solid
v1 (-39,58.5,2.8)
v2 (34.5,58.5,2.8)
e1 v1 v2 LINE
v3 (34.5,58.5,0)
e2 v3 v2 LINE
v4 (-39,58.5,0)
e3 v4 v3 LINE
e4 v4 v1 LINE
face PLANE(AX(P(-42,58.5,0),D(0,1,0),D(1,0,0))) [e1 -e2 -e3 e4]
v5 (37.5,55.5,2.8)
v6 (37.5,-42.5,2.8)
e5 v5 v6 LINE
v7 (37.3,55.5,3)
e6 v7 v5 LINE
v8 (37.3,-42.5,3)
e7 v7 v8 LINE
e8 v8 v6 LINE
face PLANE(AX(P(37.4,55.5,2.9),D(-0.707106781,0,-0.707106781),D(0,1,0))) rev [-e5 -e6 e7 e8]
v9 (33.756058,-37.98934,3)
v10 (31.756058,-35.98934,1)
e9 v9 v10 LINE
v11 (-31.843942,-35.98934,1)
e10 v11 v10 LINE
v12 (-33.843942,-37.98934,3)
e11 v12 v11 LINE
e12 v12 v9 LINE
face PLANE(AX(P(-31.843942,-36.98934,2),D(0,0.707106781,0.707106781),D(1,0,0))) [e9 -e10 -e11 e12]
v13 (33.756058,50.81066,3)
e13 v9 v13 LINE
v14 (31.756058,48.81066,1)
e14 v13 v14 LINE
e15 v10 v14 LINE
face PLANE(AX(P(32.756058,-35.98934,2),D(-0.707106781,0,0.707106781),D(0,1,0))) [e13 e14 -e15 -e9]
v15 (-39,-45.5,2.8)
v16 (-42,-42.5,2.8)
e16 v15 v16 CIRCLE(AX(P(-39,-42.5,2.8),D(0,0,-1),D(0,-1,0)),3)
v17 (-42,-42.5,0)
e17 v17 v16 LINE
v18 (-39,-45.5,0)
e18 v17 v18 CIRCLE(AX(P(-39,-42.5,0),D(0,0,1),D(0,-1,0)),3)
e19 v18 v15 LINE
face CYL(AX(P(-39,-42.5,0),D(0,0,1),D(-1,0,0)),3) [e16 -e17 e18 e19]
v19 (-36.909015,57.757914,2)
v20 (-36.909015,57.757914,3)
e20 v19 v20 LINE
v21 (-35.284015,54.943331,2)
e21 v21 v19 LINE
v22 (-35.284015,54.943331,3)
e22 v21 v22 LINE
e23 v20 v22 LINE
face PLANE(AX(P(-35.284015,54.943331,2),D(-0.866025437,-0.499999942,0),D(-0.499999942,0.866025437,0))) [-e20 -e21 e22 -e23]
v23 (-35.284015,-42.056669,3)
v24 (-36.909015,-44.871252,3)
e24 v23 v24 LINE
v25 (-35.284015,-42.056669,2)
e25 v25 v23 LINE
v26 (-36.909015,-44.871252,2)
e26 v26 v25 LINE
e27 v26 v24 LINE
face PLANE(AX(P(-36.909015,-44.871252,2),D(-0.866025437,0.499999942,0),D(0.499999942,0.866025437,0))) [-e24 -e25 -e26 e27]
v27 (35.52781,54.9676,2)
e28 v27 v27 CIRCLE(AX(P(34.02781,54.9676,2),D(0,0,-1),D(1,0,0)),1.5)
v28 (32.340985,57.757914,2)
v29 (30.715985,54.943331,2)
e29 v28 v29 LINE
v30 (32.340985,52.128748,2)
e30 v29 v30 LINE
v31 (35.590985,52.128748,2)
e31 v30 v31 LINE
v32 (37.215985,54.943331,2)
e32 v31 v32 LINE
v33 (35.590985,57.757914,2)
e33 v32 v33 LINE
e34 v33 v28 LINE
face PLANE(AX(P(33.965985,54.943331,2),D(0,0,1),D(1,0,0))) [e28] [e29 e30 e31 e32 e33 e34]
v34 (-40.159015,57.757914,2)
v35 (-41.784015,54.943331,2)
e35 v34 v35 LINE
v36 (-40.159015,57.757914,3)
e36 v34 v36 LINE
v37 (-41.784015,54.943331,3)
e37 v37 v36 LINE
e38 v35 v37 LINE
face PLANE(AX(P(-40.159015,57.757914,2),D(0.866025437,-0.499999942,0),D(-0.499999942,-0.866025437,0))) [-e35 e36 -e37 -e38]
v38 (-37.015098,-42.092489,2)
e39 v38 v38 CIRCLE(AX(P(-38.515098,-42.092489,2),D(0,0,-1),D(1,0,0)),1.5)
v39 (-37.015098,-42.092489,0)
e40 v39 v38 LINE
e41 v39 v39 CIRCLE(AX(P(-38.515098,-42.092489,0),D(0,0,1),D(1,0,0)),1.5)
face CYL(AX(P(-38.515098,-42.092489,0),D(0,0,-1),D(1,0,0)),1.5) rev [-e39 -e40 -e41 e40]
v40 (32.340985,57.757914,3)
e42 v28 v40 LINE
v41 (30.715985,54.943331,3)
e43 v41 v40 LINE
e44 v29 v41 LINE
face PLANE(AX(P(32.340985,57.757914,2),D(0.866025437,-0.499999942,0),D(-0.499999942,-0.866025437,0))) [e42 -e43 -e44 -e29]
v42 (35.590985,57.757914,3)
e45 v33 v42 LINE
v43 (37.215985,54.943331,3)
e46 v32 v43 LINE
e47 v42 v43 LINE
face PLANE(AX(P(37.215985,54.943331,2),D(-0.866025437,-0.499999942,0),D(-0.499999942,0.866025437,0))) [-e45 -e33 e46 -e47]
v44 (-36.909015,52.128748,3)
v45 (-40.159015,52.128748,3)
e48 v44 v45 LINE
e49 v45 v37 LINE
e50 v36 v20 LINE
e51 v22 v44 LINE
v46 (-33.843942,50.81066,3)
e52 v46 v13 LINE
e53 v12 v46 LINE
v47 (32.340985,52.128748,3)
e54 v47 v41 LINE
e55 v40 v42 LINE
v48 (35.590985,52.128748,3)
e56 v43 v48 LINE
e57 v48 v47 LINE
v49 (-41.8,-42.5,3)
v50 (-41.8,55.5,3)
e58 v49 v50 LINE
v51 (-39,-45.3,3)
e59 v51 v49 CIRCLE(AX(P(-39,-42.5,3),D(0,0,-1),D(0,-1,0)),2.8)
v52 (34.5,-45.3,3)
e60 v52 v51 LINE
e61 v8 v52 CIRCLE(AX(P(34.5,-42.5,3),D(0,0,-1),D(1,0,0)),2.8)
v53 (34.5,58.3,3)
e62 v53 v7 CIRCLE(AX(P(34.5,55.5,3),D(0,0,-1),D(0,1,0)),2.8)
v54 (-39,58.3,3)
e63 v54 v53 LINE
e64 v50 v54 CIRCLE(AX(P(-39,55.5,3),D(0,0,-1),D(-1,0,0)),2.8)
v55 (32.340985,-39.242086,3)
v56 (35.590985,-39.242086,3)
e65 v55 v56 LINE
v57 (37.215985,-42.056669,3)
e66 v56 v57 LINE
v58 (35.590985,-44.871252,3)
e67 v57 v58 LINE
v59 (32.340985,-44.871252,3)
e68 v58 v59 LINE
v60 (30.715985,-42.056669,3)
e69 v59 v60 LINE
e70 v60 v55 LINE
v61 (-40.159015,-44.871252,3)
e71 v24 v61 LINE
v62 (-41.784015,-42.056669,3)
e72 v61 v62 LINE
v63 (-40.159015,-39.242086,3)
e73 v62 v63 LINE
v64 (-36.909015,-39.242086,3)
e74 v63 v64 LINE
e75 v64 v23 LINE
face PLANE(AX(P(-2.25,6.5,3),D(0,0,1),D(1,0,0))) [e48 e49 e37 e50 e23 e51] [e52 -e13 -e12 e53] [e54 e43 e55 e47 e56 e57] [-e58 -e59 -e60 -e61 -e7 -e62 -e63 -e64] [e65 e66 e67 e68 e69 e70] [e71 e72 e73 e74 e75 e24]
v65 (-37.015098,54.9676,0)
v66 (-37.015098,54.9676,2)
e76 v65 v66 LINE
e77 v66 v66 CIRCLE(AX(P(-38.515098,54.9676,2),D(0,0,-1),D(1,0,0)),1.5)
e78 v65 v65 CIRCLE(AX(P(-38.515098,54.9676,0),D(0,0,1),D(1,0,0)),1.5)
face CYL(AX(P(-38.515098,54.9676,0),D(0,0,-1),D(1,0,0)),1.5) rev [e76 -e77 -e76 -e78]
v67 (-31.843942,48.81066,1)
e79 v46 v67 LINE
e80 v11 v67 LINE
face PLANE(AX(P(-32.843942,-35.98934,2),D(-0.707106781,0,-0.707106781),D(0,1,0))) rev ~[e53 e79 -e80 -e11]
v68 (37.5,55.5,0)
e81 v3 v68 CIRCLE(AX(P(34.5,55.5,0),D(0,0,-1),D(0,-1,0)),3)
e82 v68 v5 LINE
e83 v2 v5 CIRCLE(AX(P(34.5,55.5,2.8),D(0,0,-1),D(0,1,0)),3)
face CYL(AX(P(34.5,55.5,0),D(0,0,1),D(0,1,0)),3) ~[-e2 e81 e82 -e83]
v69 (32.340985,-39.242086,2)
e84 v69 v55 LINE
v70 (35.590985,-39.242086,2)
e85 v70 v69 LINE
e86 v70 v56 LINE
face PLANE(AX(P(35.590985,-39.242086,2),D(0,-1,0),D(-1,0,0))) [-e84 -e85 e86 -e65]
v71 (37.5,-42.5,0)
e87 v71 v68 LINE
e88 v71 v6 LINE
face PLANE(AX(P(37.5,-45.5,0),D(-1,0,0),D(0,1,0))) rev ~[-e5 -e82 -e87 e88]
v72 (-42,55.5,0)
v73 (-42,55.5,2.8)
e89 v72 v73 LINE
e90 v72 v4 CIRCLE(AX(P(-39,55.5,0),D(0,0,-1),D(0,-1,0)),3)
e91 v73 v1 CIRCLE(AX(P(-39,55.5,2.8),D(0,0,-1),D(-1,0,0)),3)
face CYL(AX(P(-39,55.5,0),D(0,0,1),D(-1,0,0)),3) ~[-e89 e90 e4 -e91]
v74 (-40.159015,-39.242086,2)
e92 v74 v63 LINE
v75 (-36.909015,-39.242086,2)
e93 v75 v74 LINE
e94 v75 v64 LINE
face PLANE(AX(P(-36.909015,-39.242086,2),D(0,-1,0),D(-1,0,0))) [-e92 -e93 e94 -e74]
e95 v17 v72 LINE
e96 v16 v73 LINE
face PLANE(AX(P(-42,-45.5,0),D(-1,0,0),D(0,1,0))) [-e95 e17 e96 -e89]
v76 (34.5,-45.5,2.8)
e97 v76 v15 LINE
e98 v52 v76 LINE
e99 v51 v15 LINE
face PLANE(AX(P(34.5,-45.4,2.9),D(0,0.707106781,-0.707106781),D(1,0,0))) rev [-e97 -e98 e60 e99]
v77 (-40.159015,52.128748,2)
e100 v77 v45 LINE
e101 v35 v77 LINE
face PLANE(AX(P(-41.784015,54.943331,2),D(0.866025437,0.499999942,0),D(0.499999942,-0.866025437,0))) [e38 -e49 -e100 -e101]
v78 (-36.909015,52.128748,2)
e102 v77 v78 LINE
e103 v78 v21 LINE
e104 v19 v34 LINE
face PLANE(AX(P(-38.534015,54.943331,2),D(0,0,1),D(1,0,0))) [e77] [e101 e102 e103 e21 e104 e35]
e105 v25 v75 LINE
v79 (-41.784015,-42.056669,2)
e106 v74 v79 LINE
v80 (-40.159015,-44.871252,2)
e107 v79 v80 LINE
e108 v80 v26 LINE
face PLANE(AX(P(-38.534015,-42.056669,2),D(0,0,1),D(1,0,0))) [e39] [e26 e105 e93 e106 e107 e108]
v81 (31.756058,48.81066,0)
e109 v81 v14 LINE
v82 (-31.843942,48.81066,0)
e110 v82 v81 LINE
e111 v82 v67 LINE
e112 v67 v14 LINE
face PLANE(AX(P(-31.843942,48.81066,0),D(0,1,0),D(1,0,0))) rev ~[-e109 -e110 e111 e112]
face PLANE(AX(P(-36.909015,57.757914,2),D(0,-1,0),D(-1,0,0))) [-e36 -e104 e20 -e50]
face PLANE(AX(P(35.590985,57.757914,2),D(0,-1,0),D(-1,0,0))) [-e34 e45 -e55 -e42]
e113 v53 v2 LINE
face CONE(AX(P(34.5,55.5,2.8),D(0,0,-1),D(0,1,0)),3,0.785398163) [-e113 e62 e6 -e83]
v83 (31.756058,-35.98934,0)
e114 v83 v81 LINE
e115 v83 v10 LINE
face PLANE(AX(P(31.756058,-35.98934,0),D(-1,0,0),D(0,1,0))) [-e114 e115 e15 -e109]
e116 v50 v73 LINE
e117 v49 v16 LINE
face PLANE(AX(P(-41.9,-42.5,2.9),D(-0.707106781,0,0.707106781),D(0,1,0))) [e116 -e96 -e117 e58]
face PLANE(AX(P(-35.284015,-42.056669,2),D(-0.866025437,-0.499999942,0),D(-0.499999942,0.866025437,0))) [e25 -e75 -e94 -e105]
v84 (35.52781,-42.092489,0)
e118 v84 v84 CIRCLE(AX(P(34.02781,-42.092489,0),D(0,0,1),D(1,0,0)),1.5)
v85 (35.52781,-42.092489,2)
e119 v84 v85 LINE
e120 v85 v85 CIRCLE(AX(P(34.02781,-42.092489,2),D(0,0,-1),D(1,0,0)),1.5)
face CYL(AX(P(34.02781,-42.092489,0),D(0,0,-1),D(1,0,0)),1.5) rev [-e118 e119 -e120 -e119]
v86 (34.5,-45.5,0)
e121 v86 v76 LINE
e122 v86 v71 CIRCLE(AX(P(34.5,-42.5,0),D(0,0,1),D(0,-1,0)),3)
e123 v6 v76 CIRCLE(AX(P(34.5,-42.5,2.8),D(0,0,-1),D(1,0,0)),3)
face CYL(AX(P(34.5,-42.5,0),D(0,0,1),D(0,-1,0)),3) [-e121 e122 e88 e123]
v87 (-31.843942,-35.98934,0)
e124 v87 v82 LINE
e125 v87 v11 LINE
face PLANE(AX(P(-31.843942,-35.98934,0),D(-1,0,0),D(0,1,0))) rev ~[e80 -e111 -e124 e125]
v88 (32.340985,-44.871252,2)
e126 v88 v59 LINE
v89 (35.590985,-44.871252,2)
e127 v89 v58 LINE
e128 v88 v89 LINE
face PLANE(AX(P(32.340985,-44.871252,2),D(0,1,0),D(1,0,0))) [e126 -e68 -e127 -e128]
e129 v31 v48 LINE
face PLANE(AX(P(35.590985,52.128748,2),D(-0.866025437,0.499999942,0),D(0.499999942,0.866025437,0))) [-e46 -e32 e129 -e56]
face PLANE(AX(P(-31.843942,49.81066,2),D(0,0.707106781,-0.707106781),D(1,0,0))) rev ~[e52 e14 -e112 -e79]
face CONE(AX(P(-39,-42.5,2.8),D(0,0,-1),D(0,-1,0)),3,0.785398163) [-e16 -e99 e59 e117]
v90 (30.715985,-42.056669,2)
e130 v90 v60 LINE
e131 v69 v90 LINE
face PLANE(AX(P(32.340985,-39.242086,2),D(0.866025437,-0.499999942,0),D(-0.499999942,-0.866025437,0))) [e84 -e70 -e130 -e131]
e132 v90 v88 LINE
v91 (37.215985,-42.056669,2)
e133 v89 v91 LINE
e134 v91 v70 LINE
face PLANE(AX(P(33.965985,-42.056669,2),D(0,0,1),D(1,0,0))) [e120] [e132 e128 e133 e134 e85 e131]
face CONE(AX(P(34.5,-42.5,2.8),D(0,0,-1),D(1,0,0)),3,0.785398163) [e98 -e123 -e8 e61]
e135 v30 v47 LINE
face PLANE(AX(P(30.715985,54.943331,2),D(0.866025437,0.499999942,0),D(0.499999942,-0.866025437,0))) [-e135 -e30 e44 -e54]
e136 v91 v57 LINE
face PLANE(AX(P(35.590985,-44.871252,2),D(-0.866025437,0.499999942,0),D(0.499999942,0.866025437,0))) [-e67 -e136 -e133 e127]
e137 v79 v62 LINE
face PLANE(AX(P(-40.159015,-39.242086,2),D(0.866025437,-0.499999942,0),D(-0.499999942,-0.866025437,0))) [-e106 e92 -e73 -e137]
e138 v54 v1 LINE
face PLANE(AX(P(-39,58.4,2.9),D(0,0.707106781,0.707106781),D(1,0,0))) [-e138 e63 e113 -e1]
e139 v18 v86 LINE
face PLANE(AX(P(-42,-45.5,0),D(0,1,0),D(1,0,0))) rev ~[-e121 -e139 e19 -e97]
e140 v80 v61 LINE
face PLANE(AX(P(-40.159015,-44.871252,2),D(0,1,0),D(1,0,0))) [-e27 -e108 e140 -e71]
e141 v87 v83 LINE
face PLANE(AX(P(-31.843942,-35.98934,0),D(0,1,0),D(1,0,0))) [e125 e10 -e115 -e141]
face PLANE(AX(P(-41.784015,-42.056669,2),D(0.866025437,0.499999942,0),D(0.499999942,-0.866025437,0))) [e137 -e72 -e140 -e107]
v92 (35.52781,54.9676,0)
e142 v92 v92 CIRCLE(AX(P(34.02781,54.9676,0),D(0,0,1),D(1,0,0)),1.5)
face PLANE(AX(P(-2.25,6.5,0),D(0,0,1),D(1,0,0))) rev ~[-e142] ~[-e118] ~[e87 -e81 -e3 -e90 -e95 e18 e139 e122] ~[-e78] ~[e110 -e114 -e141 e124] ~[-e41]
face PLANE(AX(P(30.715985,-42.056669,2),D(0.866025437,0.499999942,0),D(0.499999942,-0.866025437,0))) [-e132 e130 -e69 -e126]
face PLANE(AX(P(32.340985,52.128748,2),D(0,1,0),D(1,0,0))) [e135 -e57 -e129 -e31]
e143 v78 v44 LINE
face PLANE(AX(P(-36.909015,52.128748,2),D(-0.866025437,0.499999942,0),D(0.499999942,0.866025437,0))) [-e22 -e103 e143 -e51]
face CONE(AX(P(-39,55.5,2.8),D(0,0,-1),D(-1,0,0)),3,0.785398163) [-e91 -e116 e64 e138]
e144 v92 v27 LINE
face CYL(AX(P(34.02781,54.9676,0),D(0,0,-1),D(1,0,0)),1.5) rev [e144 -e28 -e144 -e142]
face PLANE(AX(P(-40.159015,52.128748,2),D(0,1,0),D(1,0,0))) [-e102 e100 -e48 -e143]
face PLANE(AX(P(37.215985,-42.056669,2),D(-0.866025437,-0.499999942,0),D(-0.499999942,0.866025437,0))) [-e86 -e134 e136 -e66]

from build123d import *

# Parameters (mm, degrees)
SKETCH043_W          = 79.5
SKETCH043_H          = 104
SKETCH043_W_2        = 63.6
SKETCH043_H_2        = 84.8
PAD010_DEPTH         = 3
POCKET014_DEPTH      = 2
POCKET015_DEPTH      = 2
POCKET016_DEPTH      = 2
POCKET017_DEPTH      = 2
SKETCH047_R          = 1.5
POCKET018_DEPTH      = 0.001
POCKET018_DEPTH_BACK = 3.001
FILLET022_R          = 3
CHAMFER010_SIZE      = 2
CHAMFER001_SIZE      = 0.2


with BuildPart() as part:
    # Sketch043 → Pad010 (new body)
    with BuildSketch(Plane.XY):
        with Locations((-2.25, 6.5)):
            Rectangle(SKETCH043_W, SKETCH043_H)
        with Locations((-0.043942, 6.41066)):
            Rectangle(SKETCH043_W_2, SKETCH043_H_2, mode=Mode.SUBTRACT)
    extrude(amount=PAD010_DEPTH)

    # Sketch041 → Pocket014 (cut)
    with BuildSketch(Plane.XY.offset(2)):
        Polygon((-35.284015, 54.943331), (-36.909015, 57.757914), (-40.159015, 57.757914), (-41.784015, 54.943331), (-40.159015, 52.128748), (-36.909015, 52.128748), align=None)
    extrude(amount=POCKET014_DEPTH, mode=Mode.SUBTRACT)

    # Sketch045 → Pocket015 (cut)
    with BuildSketch(Plane.XY.offset(2)):
        Polygon((30.715985, -42.056669), (32.340985, -44.871252), (35.590985, -44.871252), (37.215985, -42.056669), (35.590985, -39.242086), (32.340985, -39.242086), align=None)
    extrude(amount=POCKET015_DEPTH, mode=Mode.SUBTRACT)

    # Sketch046 → Pocket016 (cut)
    with BuildSketch(Plane.XY.offset(2)):
        Polygon((32.340985, 52.128748), (35.590985, 52.128748), (37.215985, 54.943331), (35.590985, 57.757914), (32.340985, 57.757914), (30.715985, 54.943331), align=None)
    extrude(amount=POCKET016_DEPTH, mode=Mode.SUBTRACT)

    # Sketch044 → Pocket017 (cut)
    with BuildSketch(Plane.XY.offset(2)):
        Polygon((-35.284015, -42.056669), (-36.909015, -39.242086), (-40.159015, -39.242086), (-41.784015, -42.056669), (-40.159015, -44.871252), (-36.909015, -44.871252), align=None)
    extrude(amount=POCKET017_DEPTH, mode=Mode.SUBTRACT)

    # Sketch047 → Pocket018 (cut, two sides)
    with BuildSketch(Plane.XY) as pocket018_sk:
        with Locations((-38.515098, -42.092489)):
            Circle(SKETCH047_R)
        with Locations((34.02781, -42.092489)):
            Circle(SKETCH047_R)
        with Locations((34.02781, 54.9676)):
            Circle(SKETCH047_R)
        with Locations((-38.515098, 54.9676)):
            Circle(SKETCH047_R)
    extrude(amount=-POCKET018_DEPTH, mode=Mode.SUBTRACT)
    extrude(pocket018_sk.sketch, amount=POCKET018_DEPTH_BACK, mode=Mode.SUBTRACT)

    # Fillet022
    fillet022_edges = [part.edges().sort_by_distance(p)[0] for p in [
        (-42, 58.5, 1.5),
        (-42, -45.5, 1.5),
        (37.5, -45.5, 1.5),
        (37.5, 58.5, 1.5),
    ]]
    fillet(fillet022_edges, radius=FILLET022_R)

    # Chamfer010
    chamfer010_edges = [part.edges().sort_by_distance(p)[0] for p in [
        (-0.043942, -35.98934, 3),
        (31.756058, 6.41066, 3),
        (-31.843942, 6.41066, 3),
        (-0.043942, 48.81066, 3),
    ]]
    chamfer(chamfer010_edges, length=CHAMFER010_SIZE)

    # Chamfer001
    chamfer001_edges = [part.edges().sort_by_distance(p)[0] for p in [
        (-42, 6.5, 3),
        (-2.25, 58.5, 3),
        (37.5, 6.5, 3),
        (-2.25, -45.5, 3),
        (-41.12132, -44.62132, 3),
        (36.62132, 57.62132, 3),
        (-41.12132, 57.62132, 3),
        (36.62132, -44.62132, 3),
    ]]
    chamfer(chamfer001_edges, length=CHAMFER001_SIZE)


solid = part.part
